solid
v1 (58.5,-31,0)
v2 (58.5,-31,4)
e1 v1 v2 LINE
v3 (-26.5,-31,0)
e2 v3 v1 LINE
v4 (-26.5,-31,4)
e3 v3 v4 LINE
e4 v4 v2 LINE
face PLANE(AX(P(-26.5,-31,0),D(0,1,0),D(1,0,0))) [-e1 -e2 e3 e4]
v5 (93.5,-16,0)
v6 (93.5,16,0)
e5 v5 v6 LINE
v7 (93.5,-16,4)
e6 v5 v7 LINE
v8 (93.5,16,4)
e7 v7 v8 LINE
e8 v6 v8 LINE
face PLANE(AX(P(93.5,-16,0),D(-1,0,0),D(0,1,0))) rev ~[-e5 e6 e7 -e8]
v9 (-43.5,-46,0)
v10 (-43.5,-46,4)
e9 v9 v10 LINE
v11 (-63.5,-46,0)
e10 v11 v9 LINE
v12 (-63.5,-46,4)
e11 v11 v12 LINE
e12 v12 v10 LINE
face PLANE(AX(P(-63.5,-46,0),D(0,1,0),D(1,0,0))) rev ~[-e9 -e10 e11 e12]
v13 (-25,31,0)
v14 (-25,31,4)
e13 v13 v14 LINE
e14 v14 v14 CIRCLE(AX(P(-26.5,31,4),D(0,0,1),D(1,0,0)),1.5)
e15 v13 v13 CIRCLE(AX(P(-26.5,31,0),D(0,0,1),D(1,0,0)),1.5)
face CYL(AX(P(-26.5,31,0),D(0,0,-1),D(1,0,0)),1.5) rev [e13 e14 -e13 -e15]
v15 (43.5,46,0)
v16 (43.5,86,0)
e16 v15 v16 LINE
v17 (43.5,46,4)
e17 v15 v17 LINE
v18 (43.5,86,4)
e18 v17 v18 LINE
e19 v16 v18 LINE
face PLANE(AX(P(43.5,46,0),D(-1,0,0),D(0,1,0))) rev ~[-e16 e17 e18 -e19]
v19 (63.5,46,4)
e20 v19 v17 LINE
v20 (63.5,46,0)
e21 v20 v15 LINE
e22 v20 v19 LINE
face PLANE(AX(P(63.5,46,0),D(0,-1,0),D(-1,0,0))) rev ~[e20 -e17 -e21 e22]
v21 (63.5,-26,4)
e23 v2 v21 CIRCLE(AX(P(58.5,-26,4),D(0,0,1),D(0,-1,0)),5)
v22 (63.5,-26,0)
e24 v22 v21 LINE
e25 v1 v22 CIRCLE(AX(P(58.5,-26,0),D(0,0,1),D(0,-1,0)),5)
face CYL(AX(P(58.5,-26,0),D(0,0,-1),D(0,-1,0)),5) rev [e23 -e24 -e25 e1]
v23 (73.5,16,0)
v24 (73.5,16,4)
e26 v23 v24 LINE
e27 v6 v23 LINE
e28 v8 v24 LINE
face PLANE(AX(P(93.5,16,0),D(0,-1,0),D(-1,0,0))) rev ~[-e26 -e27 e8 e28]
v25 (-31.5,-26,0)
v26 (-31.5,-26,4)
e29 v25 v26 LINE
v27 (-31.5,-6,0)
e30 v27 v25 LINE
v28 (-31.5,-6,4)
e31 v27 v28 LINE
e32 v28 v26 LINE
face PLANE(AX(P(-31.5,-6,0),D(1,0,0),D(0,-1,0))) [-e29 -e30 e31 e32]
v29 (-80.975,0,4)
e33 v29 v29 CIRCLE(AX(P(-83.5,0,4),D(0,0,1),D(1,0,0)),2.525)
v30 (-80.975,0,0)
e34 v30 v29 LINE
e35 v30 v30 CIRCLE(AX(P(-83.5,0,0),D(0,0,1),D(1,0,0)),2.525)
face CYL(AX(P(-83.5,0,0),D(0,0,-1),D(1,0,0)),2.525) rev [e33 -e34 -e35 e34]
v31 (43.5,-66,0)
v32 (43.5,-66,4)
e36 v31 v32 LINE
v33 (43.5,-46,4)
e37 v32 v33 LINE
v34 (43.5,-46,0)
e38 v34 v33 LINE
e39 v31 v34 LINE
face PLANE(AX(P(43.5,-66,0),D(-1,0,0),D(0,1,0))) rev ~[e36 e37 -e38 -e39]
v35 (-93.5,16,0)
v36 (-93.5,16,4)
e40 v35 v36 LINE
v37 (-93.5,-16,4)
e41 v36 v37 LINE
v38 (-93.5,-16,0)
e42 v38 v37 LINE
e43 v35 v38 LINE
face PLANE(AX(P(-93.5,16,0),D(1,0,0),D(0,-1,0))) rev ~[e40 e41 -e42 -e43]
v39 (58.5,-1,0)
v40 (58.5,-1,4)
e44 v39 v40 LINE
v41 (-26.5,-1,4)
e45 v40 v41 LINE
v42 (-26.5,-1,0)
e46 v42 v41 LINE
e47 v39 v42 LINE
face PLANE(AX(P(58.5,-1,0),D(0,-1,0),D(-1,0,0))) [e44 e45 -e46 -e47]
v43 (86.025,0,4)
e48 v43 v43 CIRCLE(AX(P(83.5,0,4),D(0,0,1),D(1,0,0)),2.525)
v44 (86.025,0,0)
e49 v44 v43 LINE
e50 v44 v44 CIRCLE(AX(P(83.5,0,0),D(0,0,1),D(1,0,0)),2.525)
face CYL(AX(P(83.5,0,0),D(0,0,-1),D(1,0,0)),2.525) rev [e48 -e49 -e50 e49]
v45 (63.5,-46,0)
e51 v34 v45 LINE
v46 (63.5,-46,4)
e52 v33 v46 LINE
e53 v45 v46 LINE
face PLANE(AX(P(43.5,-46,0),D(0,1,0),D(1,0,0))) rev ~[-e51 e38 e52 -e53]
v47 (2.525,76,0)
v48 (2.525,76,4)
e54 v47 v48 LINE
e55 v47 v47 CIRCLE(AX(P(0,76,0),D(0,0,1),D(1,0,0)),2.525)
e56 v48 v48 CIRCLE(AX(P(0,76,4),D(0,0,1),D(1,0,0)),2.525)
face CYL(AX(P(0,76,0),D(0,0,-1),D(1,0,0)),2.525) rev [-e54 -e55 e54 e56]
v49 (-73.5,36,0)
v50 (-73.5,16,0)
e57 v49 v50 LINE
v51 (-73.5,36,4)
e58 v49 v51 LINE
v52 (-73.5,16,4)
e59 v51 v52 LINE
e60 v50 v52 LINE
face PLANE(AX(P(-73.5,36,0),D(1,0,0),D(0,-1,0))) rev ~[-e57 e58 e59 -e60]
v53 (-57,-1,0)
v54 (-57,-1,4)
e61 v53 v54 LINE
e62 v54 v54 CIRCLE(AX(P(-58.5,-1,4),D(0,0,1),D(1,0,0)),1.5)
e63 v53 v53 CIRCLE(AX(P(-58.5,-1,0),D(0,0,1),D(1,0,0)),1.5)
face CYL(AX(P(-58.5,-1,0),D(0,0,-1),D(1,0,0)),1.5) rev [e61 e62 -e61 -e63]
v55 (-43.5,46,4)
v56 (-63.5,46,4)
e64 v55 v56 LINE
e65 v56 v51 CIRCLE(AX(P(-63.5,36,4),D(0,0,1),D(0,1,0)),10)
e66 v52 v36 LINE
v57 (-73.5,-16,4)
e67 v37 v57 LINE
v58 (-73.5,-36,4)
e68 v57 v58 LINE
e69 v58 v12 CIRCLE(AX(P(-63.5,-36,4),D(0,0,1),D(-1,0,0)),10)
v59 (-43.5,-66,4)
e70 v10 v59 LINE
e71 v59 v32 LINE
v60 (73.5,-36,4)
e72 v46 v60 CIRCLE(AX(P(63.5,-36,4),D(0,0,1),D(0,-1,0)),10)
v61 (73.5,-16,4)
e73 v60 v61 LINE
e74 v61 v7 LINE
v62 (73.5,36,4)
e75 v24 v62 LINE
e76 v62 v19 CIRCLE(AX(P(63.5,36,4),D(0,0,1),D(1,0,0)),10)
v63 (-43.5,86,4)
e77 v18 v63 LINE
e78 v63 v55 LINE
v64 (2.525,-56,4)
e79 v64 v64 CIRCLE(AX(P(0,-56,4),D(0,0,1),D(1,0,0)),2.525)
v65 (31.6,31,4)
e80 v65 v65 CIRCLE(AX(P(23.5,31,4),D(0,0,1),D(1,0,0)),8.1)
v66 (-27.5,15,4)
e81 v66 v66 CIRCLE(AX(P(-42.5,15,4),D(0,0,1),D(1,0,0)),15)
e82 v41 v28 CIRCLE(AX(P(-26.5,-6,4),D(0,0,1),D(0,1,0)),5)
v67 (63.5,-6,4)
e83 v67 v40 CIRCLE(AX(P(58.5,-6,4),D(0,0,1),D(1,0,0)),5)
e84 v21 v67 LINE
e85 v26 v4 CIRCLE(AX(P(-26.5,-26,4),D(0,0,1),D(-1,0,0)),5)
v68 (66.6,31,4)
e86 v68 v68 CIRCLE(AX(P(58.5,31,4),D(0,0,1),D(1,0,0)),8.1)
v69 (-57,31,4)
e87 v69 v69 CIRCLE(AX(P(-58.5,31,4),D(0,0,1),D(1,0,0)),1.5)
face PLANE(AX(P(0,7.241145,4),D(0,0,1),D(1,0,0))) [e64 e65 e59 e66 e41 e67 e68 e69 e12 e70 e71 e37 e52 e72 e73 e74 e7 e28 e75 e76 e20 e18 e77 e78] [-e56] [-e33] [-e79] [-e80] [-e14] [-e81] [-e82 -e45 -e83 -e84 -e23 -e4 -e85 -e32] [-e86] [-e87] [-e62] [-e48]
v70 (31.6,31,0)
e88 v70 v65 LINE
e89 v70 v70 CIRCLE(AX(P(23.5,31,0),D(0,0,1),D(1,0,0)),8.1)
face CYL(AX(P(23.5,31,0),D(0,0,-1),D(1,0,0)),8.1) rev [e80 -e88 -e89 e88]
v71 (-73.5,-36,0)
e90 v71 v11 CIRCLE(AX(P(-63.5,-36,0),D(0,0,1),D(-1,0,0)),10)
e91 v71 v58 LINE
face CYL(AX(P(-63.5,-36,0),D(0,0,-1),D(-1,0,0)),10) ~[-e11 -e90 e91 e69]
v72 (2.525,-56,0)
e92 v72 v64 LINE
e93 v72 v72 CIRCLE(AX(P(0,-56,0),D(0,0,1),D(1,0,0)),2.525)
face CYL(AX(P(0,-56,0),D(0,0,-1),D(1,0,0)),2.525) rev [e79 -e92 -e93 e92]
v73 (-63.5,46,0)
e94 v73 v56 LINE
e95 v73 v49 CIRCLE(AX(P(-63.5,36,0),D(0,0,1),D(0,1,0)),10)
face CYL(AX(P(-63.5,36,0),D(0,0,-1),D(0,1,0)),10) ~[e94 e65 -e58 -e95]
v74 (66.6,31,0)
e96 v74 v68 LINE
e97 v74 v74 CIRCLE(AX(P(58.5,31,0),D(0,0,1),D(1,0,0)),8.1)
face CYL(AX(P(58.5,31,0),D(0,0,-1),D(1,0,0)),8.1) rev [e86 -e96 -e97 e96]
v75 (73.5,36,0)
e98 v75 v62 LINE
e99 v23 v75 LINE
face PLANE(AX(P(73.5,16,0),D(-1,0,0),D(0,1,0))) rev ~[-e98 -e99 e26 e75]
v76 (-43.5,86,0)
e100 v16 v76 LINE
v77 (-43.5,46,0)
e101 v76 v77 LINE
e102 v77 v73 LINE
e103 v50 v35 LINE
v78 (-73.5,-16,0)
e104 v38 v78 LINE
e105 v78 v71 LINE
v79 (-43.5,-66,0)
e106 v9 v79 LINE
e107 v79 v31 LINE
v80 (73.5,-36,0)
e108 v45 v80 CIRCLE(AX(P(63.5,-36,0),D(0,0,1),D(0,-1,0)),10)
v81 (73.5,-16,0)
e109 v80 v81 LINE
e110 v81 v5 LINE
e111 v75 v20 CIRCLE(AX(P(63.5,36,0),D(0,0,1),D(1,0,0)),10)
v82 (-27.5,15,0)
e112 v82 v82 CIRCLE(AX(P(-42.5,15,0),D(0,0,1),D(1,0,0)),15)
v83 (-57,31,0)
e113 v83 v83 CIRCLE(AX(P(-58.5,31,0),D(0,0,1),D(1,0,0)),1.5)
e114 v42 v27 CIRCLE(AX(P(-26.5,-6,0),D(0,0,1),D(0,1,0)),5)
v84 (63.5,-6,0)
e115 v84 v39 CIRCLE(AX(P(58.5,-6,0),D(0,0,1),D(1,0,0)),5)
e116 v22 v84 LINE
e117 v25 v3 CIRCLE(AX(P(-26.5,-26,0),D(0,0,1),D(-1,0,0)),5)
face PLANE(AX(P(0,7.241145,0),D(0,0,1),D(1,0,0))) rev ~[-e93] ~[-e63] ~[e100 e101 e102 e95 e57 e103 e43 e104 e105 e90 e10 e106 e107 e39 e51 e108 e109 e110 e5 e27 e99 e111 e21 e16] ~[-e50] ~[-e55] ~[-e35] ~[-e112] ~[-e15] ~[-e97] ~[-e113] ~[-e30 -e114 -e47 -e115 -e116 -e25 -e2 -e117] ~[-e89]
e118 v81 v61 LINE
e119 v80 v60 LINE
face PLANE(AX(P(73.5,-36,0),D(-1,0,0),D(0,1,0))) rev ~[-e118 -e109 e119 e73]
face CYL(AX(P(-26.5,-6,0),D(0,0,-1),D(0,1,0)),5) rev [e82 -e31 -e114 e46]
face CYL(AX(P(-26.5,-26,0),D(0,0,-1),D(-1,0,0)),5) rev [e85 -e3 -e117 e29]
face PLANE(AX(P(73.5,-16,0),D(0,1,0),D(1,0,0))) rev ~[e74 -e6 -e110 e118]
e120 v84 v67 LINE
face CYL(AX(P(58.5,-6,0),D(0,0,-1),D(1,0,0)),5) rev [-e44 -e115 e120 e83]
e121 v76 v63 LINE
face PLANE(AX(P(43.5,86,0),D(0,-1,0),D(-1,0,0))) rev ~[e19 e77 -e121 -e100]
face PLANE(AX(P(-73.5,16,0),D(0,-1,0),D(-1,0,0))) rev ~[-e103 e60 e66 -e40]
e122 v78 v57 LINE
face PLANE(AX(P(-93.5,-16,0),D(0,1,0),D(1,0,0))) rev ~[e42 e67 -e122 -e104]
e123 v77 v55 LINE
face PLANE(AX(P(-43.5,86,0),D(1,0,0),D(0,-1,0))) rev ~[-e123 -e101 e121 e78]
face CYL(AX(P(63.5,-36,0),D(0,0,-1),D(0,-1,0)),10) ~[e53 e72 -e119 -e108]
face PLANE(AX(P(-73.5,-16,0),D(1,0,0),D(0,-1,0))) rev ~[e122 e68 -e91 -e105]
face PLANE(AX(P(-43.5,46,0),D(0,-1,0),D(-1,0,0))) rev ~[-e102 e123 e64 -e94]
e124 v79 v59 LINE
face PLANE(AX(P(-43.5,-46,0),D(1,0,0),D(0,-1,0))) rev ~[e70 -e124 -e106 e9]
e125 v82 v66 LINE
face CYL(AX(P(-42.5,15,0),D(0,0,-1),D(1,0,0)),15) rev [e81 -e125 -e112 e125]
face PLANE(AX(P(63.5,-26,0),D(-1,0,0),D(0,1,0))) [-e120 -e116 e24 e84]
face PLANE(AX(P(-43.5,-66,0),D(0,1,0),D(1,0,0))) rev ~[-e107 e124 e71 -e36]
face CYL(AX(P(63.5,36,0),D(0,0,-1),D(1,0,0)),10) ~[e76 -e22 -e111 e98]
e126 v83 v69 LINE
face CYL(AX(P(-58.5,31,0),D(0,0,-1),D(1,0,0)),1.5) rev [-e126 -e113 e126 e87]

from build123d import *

# Parameters (mm, degrees)
MODEL_R             = 8.1
MODEL_R_2           = 1.5
MODEL_R_3           = 2.525
MODEL_R_4           = 15
BOSS_EXTRUDE1_DEPTH = 4


with BuildPart() as part:
    # Model → Boss-Extrude1 (new body)
    with BuildSketch(Plane.XY):
        with BuildLine():
            Line((-93.5, -16), (-73.5, -16))
            Line((-73.5, -16), (-73.5, -36))
            ThreePointArc((-73.5, -36), (-70.571067812, -43.071067812), (-63.5, -46))
            Line((-63.5, -46), (-43.5, -46))
            Line((-43.5, -46), (-43.5, -66))
            Line((-43.5, -66), (43.5, -66))
            Line((43.5, -66), (43.5, -46))
            Line((43.5, -46), (63.5, -46))
            ThreePointArc((63.5, -46), (70.571067812, -43.071067812), (73.5, -36))
            Line((73.5, -36), (73.5, -16))
            Line((73.5, -16), (93.5, -16))
            Line((93.5, -16), (93.5, 16))
            Line((93.5, 16), (73.5, 16))
            Line((73.5, 16), (73.5, 36))
            ThreePointArc((73.5, 36), (70.571067812, 43.071067812), (63.5, 46))
            Line((63.5, 46), (43.5, 46))
            Line((43.5, 46), (43.5, 86))
            Line((43.5, 86), (-43.5, 86))
            Line((-43.5, 86), (-43.5, 46))
            Line((-43.5, 46), (-63.5, 46))
            ThreePointArc((-63.5, 46), (-70.571067812, 43.071067812), (-73.5, 36))
            Line((-73.5, 36), (-73.5, 16))
            Line((-73.5, 16), (-93.5, 16))
            Line((-93.5, 16), (-93.5, -16))
        make_face()
        with Locations((23.5, 31)):
            Circle(MODEL_R, mode=Mode.SUBTRACT)
        with Locations((-26.5, 31)):
            Circle(MODEL_R_2, mode=Mode.SUBTRACT)
        with Locations((-58.5, 31)):
            Circle(MODEL_R_2, mode=Mode.SUBTRACT)
        with Locations((83.5, 0)):
            Circle(MODEL_R_3, mode=Mode.SUBTRACT)
        with Locations((0, 76)):
            Circle(MODEL_R_3, mode=Mode.SUBTRACT)
        with Locations((-83.5, 0)):
            Circle(MODEL_R_3, mode=Mode.SUBTRACT)
        with Locations((0, -56)):
            Circle(MODEL_R_3, mode=Mode.SUBTRACT)
        with Locations((-58.5, -1)):
            Circle(MODEL_R_2, mode=Mode.SUBTRACT)
        with Locations((58.5, 31)):
            Circle(MODEL_R, mode=Mode.SUBTRACT)
        with Locations((-42.5, 15)):
            Circle(MODEL_R_4, mode=Mode.SUBTRACT)
        with BuildLine():
            Line((58.5, -1), (-26.5, -1))
            ThreePointArc((-26.5, -1), (-30.035533906, -2.464466094), (-31.5, -6))
            Line((-31.5, -6), (-31.5, -26))
            ThreePointArc((-31.5, -26), (-30.035533906, -29.535533906), (-26.5, -31))
            Line((-26.5, -31), (58.5, -31))
            ThreePointArc((58.5, -31), (62.035533906, -29.535533906), (63.5, -26))
            Line((63.5, -26), (63.5, -6))
            ThreePointArc((63.5, -6), (62.035533906, -2.464466094), (58.5, -1))
        make_face(mode=Mode.SUBTRACT)
    extrude(amount=BOSS_EXTRUDE1_DEPTH)


solid = part.part
